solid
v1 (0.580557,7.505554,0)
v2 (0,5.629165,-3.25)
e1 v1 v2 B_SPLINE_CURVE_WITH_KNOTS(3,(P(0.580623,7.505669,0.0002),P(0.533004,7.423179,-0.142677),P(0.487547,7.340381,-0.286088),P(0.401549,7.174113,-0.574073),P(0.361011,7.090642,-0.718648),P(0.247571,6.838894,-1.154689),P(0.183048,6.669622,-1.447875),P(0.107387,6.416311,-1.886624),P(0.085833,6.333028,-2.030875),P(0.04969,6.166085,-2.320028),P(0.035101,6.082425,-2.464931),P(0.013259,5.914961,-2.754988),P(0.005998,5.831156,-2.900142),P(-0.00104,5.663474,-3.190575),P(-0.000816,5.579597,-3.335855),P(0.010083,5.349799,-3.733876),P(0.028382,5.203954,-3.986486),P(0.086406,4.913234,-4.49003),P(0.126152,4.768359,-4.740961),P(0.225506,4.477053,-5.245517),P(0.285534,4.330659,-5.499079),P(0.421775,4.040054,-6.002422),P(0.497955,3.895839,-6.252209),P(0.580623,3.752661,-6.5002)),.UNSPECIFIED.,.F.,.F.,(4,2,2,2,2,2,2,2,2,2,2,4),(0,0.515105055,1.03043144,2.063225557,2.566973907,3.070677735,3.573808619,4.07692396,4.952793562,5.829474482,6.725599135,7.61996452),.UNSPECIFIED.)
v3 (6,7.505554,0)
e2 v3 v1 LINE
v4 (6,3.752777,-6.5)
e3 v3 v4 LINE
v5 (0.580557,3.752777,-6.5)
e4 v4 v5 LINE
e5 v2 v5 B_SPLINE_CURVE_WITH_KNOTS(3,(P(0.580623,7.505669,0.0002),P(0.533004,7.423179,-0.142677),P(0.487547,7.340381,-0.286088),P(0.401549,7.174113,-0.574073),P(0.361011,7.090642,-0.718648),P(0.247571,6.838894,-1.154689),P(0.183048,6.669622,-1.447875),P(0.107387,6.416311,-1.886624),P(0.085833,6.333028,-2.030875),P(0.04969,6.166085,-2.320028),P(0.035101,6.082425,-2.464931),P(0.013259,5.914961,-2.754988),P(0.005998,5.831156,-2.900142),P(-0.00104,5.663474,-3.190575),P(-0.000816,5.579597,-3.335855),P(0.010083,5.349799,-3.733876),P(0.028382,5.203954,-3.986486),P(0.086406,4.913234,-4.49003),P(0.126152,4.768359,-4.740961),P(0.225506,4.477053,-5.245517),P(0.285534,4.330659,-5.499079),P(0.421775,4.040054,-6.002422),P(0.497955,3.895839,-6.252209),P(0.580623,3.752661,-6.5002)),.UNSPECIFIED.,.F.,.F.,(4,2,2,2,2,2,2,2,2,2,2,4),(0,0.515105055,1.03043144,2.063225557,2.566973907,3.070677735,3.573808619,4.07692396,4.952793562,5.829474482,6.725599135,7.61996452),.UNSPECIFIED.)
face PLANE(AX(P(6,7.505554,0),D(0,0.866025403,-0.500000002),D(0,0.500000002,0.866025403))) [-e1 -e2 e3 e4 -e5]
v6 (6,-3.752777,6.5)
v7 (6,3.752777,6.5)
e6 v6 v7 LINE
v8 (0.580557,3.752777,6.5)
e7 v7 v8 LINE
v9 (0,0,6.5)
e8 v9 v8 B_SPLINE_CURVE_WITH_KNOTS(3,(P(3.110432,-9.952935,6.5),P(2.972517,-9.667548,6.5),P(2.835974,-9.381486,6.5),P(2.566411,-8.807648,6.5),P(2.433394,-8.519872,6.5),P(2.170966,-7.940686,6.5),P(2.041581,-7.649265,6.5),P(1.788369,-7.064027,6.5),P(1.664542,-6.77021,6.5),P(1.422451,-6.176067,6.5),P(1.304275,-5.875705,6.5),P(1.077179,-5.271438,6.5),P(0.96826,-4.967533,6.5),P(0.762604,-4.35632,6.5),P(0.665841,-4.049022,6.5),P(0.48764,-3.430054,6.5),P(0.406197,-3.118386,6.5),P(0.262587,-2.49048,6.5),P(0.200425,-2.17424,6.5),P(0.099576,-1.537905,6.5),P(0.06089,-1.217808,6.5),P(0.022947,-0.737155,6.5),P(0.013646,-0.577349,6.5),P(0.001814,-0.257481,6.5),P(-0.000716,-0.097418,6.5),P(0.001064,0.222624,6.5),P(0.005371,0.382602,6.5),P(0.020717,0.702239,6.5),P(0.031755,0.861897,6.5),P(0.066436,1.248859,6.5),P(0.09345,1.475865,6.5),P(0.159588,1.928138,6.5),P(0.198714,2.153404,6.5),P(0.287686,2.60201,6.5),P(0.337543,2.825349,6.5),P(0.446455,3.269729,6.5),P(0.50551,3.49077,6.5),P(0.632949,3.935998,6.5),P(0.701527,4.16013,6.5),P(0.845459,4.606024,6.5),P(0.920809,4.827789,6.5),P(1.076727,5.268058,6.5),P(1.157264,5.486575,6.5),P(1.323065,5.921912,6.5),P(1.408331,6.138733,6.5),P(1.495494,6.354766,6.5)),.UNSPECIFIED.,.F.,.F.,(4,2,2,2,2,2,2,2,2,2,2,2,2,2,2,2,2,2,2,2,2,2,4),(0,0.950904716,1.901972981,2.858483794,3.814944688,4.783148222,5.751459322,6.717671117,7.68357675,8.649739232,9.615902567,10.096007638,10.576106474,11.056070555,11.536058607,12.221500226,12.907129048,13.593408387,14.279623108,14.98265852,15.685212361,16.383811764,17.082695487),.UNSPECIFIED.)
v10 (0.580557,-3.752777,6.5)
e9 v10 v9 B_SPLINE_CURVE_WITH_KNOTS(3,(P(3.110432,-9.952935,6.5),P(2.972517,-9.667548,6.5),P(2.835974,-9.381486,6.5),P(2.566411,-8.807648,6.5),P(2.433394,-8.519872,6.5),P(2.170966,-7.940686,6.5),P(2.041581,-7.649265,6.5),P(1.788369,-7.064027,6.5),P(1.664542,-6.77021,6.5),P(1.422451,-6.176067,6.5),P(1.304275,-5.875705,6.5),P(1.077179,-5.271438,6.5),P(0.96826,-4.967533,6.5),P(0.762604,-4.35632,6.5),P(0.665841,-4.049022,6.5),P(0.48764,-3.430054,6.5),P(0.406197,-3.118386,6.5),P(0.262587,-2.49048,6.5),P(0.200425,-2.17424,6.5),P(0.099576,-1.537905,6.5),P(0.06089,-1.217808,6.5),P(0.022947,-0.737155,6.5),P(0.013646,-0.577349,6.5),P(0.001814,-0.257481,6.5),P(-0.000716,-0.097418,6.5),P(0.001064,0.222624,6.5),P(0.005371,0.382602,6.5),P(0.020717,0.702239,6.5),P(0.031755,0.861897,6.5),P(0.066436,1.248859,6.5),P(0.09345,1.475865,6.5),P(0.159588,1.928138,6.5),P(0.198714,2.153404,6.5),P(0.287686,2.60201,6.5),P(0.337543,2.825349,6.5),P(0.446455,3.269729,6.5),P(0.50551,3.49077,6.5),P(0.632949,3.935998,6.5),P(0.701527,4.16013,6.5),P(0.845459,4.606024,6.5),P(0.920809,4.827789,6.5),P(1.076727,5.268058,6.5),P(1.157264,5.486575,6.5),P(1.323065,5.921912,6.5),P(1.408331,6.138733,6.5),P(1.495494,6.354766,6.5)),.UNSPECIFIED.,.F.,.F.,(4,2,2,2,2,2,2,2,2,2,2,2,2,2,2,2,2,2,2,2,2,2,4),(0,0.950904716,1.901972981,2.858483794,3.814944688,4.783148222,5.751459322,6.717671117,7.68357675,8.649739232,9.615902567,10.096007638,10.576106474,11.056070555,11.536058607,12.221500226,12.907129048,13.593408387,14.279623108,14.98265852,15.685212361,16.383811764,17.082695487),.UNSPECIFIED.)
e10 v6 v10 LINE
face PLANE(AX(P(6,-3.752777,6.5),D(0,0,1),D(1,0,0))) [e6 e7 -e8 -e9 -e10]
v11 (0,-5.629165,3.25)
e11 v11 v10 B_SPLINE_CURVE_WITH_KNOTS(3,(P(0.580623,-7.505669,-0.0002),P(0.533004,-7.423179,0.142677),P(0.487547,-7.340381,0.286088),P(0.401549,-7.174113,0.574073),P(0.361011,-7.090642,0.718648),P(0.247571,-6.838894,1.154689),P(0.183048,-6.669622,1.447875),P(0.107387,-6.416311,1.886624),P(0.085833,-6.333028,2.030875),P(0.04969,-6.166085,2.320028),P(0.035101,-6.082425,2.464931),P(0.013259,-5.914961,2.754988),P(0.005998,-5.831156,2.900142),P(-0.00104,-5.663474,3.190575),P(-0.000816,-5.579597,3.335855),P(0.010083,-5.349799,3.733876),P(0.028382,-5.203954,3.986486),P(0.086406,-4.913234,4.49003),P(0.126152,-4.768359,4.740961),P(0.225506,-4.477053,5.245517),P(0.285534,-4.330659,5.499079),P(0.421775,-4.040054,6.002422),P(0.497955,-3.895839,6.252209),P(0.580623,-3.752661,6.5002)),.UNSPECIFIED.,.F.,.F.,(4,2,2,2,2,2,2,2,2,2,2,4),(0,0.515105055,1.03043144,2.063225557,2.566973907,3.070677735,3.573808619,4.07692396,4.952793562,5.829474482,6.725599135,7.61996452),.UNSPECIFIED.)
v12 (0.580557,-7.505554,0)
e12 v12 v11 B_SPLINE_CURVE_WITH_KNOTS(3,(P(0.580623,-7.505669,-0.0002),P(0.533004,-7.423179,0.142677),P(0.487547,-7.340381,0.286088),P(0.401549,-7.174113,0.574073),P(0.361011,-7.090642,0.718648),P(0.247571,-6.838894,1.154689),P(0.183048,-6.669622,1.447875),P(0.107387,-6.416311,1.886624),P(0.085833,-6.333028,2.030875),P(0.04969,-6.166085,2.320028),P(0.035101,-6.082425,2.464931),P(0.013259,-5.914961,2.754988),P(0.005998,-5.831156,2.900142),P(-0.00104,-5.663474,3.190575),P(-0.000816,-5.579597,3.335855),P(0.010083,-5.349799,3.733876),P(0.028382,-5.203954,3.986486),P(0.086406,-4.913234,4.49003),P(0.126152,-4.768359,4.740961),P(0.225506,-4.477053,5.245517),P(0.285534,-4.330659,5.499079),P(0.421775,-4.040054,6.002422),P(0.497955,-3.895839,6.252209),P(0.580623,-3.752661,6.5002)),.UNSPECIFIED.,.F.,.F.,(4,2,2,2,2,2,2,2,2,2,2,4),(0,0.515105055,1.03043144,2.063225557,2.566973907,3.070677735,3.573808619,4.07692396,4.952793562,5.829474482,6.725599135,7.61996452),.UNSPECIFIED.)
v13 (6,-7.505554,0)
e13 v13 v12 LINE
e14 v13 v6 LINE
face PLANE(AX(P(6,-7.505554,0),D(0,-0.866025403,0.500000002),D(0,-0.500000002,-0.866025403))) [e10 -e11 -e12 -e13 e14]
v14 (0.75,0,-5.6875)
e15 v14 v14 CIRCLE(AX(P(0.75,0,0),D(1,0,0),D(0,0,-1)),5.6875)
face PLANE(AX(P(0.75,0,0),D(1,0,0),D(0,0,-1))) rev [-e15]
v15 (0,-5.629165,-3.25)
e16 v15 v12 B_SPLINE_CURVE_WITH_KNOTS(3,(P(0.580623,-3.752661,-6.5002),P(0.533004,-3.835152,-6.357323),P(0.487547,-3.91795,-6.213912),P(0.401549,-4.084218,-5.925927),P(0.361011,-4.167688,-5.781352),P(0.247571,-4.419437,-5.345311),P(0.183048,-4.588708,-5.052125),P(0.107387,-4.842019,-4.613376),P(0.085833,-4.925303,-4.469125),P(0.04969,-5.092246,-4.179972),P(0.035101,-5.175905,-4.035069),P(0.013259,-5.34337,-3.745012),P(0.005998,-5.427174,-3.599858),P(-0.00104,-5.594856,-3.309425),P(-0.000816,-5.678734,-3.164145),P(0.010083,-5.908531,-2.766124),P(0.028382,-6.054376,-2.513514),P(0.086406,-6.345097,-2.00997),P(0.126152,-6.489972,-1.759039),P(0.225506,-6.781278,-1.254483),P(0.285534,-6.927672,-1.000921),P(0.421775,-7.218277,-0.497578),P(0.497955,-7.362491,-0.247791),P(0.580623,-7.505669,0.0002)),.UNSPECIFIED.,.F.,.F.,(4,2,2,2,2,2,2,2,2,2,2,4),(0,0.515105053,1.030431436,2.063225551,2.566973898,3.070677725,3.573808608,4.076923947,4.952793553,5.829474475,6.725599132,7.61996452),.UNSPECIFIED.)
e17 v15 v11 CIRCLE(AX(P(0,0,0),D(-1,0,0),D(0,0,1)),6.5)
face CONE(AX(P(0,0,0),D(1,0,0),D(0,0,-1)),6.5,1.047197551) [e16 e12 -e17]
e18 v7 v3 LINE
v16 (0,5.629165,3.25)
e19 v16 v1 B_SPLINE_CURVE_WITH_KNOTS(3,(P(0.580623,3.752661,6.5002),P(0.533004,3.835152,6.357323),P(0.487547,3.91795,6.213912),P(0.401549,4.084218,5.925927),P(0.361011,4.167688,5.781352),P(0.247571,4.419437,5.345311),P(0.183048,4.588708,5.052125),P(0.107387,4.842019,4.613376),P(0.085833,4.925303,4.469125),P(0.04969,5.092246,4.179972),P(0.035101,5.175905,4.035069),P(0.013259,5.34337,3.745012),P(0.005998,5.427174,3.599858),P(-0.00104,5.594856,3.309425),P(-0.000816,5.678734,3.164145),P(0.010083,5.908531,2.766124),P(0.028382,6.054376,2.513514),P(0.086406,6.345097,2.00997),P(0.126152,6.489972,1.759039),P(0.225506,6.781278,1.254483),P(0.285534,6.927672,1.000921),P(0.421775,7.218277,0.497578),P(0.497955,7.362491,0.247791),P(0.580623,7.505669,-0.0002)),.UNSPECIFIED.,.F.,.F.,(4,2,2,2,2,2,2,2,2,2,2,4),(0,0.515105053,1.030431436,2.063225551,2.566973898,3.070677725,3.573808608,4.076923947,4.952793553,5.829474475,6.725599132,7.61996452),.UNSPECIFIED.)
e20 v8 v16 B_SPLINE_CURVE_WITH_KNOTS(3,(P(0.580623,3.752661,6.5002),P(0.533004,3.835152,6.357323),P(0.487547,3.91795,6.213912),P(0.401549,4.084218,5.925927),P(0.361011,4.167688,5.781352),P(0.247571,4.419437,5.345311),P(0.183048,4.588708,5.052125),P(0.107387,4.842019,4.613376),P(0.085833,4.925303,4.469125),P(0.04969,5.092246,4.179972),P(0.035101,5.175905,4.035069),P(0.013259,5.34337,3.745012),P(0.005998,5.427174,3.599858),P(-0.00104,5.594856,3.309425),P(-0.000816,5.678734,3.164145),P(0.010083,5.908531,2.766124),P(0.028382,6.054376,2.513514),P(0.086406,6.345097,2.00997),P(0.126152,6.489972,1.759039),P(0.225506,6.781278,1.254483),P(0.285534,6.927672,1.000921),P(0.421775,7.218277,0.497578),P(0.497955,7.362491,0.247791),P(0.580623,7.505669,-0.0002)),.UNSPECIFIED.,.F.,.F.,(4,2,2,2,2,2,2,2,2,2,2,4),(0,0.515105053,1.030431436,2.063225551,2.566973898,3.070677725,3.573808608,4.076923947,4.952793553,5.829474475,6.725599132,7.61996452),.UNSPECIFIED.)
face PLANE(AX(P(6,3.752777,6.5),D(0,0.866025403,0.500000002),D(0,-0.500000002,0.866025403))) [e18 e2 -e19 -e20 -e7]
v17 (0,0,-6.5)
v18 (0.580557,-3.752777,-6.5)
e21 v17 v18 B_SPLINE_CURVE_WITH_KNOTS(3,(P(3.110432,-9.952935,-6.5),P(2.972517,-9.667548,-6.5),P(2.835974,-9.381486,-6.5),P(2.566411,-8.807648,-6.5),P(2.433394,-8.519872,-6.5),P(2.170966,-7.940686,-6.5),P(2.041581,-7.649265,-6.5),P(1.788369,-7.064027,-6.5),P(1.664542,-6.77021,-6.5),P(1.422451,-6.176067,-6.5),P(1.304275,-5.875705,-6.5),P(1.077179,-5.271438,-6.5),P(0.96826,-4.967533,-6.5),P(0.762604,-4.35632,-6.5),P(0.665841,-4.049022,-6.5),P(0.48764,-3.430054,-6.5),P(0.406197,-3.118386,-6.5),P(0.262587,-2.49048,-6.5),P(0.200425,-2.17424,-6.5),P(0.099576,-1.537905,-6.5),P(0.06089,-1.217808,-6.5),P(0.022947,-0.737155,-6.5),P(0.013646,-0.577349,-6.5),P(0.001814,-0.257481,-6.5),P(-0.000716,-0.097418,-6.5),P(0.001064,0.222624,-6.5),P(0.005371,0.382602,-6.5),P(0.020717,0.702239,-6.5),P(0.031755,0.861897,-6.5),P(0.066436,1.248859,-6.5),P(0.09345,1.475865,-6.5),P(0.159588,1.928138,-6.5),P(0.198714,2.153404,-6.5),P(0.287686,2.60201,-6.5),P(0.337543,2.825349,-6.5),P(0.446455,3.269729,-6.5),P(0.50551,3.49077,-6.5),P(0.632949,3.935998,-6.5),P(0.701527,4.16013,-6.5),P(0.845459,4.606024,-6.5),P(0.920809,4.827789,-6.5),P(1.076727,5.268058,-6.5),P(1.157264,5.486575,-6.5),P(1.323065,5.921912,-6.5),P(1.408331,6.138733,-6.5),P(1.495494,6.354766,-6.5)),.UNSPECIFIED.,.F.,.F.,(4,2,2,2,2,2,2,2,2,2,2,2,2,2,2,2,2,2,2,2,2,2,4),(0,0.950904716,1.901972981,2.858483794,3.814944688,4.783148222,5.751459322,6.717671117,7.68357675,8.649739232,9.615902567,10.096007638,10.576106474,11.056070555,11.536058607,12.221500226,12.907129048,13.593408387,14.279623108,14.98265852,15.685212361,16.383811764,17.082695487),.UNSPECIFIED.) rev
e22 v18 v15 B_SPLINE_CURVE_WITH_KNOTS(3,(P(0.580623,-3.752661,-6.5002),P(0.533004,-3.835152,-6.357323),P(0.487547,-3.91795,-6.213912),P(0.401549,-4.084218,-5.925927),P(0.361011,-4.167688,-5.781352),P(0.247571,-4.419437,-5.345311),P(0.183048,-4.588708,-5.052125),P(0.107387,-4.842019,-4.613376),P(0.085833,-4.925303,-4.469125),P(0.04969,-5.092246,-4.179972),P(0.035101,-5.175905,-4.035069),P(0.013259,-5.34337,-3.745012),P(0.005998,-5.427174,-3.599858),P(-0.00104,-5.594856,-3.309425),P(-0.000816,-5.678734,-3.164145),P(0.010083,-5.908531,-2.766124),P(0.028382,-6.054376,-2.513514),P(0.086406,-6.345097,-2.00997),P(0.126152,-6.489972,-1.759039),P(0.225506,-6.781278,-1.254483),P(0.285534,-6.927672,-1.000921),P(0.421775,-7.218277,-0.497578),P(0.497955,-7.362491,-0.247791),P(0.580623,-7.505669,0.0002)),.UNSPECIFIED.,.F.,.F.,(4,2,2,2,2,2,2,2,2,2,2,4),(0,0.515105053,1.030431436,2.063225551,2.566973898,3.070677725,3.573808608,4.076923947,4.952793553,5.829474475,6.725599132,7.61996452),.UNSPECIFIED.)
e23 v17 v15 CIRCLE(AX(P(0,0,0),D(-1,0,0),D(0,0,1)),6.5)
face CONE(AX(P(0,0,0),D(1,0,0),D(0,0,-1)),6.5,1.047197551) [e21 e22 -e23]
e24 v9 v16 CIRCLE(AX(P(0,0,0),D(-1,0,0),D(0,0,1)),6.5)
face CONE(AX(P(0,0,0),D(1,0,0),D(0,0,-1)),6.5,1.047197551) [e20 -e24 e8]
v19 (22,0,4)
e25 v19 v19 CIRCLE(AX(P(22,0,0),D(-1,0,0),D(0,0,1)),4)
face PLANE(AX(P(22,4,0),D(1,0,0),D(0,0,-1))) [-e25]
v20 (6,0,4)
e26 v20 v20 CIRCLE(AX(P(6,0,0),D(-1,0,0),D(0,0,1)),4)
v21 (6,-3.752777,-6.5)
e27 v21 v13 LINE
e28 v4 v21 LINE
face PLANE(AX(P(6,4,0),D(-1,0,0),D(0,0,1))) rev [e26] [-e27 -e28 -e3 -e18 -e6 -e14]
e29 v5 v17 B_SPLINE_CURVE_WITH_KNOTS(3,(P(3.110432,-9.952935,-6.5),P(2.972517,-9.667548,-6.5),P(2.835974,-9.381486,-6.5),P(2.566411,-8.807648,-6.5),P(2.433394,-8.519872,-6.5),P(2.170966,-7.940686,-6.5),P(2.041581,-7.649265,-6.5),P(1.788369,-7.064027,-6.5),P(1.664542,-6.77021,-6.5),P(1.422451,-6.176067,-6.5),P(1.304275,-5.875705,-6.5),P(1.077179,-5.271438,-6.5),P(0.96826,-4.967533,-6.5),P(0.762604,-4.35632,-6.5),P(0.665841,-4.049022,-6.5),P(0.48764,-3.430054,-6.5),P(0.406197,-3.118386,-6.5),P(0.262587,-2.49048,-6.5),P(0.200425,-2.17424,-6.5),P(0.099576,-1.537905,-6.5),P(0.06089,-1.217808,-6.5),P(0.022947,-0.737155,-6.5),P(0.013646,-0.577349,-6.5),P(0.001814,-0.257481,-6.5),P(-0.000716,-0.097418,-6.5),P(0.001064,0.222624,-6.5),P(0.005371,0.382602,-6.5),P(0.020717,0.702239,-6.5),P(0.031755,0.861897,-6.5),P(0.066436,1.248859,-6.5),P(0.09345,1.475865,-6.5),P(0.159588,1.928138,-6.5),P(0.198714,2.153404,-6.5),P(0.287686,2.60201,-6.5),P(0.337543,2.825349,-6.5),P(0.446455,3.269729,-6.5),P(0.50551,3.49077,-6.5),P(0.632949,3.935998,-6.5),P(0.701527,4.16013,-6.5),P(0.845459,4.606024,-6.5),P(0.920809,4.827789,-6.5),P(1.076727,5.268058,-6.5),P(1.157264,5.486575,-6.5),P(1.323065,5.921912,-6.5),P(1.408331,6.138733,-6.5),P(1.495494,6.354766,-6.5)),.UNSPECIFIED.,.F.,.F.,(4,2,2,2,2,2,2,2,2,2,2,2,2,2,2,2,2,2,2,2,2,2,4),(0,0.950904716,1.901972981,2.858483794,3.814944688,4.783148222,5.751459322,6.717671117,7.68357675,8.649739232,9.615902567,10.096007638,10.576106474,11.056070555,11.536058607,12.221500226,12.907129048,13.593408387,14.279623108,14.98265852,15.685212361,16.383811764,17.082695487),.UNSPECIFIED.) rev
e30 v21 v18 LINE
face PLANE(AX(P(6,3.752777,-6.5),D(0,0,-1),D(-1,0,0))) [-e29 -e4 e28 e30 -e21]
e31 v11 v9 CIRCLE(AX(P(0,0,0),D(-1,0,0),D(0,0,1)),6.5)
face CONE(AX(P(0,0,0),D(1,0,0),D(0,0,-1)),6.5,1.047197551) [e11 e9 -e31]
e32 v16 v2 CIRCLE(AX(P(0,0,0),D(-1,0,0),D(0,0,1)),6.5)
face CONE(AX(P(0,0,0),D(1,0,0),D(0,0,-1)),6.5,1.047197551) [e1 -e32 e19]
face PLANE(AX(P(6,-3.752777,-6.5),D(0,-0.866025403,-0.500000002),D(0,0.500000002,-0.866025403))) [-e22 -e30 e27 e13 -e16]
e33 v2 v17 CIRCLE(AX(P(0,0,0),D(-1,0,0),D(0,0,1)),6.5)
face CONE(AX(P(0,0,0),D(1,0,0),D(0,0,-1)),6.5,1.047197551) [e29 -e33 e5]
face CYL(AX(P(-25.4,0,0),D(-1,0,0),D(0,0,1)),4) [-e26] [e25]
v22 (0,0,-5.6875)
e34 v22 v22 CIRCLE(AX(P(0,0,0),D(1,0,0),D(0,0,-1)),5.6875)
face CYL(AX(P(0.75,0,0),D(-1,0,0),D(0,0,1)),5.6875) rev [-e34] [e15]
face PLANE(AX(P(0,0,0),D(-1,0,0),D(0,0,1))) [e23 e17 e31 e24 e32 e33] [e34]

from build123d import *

# Parameters (mm, degrees)
HEX_DIE_START = -1e-06
SKETCH2_R     = 7.580831409
HEX_DIE_DEPTH = 6.000001
SKETCH4_R     = 5.6875
INDENT_DEPTH  = 0.75


with BuildPart() as part:
    # BodySke → Base-Revolve (revolve)
    with BuildSketch(Plane.XY, mode=Mode.PRIVATE) as base_revolve_sk:
        Polygon((6, 4), (6, 7.505773672), (0.5806837, 7.505773672), (0, 6.5), (0, 0), (22, 0), (22, 4), align=None)
    revolve(base_revolve_sk.sketch.rotate(Axis((-25.4, 0, 0), (1, 0, 0)), 90), axis=Axis((-25.4, 0, 0), (1, 0, 0)))

    # Sketch2 → Hex-Die (cut)
    with BuildSketch(Plane(origin=(0, 0, 0), x_dir=(0, 0, -1), z_dir=(1, 0, 0)).offset(HEX_DIE_START)):
        Circle(SKETCH2_R)
        Polygon((-6.5, 3.752776766), (0, 7.505553532), (6.5, 3.752776766), (6.5, -3.752776766), (0, -7.505553532), (-6.5, -3.752776766), align=None, mode=Mode.SUBTRACT)
    extrude(amount=HEX_DIE_DEPTH, mode=Mode.SUBTRACT)

    # Sketch4 → Indent (cut)
    with BuildSketch(Plane(origin=(0, 0, 0), x_dir=(0, 0, -1), z_dir=(1, 0, 0))):
        Circle(SKETCH4_R)
    extrude(amount=INDENT_DEPTH, mode=Mode.SUBTRACT)


solid = part.part
